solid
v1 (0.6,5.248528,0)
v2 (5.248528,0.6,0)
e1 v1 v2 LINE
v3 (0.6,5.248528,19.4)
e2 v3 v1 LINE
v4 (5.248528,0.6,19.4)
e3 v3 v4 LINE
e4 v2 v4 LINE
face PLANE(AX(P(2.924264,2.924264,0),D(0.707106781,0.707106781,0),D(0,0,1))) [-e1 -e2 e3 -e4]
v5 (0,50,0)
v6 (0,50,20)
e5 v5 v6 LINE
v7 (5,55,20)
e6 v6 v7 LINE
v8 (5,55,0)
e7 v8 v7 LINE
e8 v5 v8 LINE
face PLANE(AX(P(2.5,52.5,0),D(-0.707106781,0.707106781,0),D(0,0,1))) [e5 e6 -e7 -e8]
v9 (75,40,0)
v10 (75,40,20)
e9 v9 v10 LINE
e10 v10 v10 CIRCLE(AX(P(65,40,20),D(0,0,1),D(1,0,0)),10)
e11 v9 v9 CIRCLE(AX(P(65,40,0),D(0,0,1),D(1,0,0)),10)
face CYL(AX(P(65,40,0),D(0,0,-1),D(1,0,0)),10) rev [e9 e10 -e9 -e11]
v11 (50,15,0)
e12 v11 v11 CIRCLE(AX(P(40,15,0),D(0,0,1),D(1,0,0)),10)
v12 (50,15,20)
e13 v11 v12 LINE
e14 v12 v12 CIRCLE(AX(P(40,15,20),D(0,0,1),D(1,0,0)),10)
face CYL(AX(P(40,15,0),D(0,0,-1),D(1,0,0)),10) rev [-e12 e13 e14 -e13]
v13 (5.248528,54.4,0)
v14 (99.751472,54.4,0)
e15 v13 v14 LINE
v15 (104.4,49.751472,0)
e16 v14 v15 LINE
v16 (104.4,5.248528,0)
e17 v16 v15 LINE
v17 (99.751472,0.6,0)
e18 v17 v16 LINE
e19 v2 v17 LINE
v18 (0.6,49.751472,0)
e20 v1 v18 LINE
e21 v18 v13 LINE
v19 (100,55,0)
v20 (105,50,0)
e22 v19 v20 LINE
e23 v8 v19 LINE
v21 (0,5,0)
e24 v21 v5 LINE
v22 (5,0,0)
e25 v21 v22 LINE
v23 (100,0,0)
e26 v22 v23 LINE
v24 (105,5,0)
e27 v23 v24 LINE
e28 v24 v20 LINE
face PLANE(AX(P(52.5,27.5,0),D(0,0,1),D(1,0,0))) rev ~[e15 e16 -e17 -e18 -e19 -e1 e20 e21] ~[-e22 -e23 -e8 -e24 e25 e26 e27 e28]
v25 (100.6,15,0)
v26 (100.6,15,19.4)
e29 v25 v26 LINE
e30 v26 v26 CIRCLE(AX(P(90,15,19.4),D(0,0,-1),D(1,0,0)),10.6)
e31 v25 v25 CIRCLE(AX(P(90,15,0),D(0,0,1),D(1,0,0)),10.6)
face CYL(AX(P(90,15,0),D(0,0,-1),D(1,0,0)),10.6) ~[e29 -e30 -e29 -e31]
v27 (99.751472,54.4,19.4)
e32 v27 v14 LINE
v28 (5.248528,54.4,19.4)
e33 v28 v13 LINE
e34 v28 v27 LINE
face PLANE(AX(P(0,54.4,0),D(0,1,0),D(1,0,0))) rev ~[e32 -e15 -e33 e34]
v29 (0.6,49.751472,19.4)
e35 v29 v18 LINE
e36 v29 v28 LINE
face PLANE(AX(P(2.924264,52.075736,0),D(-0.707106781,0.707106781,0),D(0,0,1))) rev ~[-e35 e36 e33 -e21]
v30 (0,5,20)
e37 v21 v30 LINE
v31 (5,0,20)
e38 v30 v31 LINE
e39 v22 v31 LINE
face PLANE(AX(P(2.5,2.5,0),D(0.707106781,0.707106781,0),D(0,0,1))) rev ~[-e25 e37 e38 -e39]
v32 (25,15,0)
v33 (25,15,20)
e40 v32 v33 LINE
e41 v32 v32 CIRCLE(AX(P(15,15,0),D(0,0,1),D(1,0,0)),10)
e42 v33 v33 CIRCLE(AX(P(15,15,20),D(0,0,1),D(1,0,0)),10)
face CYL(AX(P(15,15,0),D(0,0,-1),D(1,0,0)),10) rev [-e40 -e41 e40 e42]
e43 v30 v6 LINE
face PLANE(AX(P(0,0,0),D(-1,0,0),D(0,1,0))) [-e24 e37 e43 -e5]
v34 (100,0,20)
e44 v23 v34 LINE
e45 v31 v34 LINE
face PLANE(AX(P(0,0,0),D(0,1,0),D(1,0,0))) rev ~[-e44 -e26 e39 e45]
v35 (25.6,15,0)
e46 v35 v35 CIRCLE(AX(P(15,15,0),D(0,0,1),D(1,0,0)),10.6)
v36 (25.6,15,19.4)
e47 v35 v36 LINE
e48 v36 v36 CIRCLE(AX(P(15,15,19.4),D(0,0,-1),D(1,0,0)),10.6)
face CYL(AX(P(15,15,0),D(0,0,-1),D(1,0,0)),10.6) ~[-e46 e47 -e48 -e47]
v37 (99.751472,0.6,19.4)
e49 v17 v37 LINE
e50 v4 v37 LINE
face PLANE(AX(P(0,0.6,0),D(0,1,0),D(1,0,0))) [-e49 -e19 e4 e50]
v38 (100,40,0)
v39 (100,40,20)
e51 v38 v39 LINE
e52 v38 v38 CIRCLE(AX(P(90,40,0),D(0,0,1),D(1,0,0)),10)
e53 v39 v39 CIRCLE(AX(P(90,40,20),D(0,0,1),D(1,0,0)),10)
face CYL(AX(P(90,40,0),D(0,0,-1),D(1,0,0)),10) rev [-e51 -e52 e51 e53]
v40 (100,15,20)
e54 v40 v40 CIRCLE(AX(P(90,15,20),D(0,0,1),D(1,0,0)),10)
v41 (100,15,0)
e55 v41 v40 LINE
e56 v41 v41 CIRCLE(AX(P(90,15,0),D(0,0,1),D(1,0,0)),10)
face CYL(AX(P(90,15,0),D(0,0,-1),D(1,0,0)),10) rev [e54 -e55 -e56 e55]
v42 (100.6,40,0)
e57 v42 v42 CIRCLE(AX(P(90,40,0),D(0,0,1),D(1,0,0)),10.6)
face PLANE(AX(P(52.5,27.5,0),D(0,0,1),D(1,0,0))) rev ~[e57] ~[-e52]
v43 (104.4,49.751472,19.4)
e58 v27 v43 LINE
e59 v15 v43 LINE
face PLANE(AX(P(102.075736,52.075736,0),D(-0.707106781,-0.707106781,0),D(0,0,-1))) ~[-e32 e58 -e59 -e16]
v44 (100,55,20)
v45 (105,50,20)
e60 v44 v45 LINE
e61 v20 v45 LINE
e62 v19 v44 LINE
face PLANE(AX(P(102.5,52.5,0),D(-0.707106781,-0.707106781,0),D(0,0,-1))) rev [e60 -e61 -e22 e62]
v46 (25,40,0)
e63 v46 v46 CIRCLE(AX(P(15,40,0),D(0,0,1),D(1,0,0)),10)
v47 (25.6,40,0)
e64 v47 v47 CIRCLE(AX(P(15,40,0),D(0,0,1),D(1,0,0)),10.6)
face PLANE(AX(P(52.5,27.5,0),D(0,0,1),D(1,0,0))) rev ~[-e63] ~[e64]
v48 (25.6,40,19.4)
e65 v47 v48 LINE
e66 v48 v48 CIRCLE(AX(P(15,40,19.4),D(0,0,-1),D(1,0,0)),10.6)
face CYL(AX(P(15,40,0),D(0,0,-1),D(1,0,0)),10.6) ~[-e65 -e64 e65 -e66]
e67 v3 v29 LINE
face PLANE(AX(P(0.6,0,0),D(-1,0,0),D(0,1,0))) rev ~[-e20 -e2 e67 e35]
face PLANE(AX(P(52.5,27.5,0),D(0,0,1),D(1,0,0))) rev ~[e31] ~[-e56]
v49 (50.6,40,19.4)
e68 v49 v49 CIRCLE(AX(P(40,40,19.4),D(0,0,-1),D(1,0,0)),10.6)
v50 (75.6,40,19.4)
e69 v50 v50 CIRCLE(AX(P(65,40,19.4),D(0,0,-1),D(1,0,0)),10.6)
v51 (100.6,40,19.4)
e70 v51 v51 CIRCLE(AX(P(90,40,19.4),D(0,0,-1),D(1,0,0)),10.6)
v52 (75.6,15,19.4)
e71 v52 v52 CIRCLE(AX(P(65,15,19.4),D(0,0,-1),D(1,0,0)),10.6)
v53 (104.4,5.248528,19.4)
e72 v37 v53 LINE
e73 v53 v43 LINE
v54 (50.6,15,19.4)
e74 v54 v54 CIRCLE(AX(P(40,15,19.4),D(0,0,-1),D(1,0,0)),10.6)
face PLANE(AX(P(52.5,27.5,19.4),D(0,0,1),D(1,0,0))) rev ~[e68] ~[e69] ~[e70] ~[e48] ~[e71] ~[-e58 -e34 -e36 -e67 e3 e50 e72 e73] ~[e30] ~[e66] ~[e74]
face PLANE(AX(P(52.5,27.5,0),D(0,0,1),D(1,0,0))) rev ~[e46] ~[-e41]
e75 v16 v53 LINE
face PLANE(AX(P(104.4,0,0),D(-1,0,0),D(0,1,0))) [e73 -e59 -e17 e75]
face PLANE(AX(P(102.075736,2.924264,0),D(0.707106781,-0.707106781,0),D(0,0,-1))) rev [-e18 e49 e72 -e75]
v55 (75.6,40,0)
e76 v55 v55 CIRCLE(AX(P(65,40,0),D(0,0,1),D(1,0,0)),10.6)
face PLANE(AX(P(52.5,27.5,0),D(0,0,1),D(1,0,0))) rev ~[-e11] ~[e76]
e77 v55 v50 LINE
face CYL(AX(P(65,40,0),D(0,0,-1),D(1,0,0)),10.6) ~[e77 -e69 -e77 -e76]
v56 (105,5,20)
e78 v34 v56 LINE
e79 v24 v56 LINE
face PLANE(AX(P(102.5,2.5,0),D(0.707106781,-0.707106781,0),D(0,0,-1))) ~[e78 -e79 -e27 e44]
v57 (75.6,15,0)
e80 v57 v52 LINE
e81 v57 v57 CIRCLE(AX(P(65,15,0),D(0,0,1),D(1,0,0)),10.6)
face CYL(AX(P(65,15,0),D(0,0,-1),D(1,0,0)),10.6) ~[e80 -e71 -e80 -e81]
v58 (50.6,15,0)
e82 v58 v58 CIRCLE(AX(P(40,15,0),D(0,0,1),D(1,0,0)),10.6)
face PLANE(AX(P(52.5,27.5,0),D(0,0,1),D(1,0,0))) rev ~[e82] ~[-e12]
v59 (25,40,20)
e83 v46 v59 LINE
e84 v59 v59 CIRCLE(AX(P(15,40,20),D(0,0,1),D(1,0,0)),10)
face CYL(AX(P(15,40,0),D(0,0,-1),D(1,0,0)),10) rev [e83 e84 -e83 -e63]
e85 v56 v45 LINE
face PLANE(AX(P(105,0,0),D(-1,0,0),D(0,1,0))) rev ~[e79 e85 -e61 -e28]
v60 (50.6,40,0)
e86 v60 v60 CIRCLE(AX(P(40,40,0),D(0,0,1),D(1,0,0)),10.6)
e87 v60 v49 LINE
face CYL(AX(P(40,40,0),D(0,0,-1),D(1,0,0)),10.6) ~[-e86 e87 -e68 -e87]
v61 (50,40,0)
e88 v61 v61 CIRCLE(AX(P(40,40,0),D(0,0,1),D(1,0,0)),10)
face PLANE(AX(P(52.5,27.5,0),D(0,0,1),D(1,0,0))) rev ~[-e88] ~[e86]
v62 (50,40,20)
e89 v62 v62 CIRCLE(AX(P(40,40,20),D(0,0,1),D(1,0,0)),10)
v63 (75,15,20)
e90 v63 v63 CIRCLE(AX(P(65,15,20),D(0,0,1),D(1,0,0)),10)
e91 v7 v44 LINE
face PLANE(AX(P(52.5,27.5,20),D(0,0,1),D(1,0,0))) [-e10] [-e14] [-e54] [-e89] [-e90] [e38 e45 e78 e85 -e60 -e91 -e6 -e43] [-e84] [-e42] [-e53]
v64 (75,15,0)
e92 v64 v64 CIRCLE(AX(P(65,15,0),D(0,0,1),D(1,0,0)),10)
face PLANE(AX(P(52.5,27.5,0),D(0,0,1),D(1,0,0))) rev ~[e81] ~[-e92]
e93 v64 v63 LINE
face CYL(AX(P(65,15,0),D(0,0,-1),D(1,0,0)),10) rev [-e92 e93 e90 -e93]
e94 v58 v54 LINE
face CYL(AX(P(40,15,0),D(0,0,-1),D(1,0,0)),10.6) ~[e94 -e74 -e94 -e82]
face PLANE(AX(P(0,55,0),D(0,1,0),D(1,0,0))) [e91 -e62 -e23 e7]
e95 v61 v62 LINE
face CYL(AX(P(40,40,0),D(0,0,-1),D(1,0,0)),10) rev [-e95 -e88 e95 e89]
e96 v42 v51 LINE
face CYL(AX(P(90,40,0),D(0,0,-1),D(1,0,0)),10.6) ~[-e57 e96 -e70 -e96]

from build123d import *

# Parameters (mm, degrees)
F0_W     = 105
F0_H     = 55
F0_R     = 10
F1_DEPTH = 20
F3_SIZE  = 5
F4_T     = -0.6


with BuildPart() as f1:
    # F0 (on Top) → F1 (new body)
    with BuildSketch(Plane.XY):
        with Locations((52.5, 27.5)):
            Rectangle(F0_W, F0_H)
        with Locations((15, 15)):
            Circle(F0_R, mode=Mode.SUBTRACT)
        with Locations((40, 15)):
            Circle(F0_R, mode=Mode.SUBTRACT)
        with Locations((65, 15)):
            Circle(F0_R, mode=Mode.SUBTRACT)
        with Locations((90, 15)):
            Circle(F0_R, mode=Mode.SUBTRACT)
        with Locations((15, 40)):
            Circle(F0_R, mode=Mode.SUBTRACT)
        with Locations((40, 40)):
            Circle(F0_R, mode=Mode.SUBTRACT)
        with Locations((65, 40)):
            Circle(F0_R, mode=Mode.SUBTRACT)
        with Locations((90, 40)):
            Circle(F0_R, mode=Mode.SUBTRACT)
    extrude(amount=F1_DEPTH)

    # F3
    f3_edges = [f1.edges().sort_by_distance(p)[0] for p in [
        (0, 0, 10),
        (105, 0, 10),
        (105, 55, 10),
        (0, 55, 10),
    ]]
    chamfer(f3_edges, length=F3_SIZE)

    # F4
    f4_openings = [f1.faces().sort_by_distance(p)[0] for p in [
        (52.5, 27.5, 0),
    ]]
    offset(amount=F4_T, openings=f4_openings)


solid = f1.part
